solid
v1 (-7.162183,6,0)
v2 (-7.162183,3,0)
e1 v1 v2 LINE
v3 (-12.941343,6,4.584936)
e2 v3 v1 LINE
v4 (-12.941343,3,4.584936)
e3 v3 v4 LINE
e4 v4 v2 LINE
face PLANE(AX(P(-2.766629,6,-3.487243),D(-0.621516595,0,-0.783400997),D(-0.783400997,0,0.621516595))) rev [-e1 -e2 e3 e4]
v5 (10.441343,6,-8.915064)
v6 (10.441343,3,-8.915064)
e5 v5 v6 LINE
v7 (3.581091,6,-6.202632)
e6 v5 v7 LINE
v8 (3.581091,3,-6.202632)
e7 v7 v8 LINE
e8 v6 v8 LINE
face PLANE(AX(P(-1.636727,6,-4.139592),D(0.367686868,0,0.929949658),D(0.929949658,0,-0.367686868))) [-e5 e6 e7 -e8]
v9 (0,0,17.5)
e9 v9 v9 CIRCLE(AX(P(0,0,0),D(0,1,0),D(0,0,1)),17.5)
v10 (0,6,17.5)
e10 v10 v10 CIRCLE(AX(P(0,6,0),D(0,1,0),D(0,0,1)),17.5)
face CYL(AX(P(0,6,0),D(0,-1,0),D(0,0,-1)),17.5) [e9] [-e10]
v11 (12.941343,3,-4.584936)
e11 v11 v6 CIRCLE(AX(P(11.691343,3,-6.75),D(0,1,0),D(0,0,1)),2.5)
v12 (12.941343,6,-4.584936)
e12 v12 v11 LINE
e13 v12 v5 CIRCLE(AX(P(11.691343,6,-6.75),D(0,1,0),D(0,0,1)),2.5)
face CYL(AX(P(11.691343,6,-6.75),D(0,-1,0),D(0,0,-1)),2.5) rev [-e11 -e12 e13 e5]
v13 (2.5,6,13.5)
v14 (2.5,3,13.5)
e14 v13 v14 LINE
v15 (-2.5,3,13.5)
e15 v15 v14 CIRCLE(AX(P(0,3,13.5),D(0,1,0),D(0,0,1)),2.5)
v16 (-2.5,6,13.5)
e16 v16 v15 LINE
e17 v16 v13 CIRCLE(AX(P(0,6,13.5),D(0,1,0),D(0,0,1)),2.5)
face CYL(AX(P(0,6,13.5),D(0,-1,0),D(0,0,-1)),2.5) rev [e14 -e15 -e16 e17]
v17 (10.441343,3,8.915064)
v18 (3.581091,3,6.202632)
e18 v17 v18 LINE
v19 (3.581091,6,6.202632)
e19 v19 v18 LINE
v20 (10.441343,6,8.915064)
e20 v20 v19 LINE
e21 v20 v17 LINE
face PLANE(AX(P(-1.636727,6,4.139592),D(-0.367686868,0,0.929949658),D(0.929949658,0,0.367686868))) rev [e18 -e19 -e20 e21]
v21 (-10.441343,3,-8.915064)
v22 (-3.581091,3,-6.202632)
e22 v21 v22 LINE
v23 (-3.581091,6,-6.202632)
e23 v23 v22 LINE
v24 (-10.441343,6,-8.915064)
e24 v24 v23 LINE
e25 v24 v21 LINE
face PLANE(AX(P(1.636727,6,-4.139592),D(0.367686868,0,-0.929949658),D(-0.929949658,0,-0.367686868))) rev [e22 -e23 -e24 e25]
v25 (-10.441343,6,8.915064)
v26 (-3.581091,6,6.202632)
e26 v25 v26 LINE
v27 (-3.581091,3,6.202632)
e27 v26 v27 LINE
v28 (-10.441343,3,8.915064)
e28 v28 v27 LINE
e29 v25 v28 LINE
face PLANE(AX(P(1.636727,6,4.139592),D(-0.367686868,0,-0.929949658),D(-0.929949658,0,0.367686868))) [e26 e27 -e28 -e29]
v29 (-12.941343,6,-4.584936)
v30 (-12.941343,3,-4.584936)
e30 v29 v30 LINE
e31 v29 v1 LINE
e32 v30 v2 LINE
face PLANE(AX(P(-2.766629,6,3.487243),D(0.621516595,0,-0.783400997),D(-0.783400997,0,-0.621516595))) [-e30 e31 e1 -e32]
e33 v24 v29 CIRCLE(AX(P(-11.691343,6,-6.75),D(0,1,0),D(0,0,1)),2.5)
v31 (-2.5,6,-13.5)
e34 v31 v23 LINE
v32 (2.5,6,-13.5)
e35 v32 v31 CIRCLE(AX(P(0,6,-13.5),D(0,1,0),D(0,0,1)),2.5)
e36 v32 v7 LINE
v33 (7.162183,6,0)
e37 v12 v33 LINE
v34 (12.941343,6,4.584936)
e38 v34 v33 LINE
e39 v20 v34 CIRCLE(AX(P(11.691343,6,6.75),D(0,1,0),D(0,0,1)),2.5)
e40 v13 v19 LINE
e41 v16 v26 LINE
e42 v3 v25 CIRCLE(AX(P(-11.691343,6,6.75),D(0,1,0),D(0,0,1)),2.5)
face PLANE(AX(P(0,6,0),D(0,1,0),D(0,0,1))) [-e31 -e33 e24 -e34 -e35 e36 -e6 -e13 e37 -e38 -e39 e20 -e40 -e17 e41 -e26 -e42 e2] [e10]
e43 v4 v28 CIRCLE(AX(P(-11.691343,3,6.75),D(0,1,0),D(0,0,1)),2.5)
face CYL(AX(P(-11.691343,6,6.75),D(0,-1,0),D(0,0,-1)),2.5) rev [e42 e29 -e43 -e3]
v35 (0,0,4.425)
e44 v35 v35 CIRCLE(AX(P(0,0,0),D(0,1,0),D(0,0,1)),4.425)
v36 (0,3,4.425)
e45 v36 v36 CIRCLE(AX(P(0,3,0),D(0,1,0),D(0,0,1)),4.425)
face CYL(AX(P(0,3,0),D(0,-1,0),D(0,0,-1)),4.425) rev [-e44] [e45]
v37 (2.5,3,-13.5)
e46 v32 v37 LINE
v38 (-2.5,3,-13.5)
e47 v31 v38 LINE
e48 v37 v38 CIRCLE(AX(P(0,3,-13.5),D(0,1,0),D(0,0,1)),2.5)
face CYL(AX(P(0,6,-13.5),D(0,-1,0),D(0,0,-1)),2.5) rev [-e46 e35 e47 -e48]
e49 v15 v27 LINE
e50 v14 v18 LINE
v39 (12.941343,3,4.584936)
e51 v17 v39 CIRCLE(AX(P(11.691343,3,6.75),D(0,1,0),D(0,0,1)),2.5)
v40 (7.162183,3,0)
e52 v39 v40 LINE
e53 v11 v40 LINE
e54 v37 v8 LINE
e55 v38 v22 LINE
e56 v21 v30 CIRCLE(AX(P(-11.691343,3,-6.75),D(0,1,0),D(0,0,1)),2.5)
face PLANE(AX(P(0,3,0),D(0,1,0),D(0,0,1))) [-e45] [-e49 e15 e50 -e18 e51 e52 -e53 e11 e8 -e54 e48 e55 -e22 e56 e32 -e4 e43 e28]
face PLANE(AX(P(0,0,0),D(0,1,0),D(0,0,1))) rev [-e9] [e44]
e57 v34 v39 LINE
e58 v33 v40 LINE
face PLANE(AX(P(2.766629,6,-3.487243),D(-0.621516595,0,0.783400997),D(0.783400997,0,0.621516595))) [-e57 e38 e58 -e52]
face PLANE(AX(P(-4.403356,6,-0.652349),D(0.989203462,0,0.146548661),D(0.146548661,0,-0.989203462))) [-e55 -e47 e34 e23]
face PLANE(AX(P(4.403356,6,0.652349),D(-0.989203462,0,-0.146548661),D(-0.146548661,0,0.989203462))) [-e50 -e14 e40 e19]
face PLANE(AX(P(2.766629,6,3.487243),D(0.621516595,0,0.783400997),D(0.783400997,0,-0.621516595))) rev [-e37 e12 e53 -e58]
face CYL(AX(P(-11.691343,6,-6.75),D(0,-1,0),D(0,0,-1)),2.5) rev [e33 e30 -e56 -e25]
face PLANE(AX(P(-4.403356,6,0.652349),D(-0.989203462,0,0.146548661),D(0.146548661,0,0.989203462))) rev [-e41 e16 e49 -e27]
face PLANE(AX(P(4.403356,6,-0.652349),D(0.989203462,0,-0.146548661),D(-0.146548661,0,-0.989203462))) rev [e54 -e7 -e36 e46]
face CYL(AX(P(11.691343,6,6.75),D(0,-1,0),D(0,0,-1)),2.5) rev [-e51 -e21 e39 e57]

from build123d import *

# Parameters (mm, degrees)
SKETCH1_R           = 17.5
BOSS_EXTRUDE3_DEPTH = 6
SKETCH1_11_R        = 4.425
BOSS_EXTRUDE5_DEPTH = 3


with BuildPart() as part:
    # Sketch1 → Boss-Extrude3 (new body)
    with BuildSketch(Plane(origin=(0, 0, 0), x_dir=(1, 0, 0), z_dir=(0, 1, 0))):
        Circle(SKETCH1_R)
        with BuildLine():
            ThreePointArc((-2.5, 13.5), (-1.767766953, 15.267766953), (0, 16))
            ThreePointArc((0, 16), (1.767766953, 15.267766953), (2.5, 13.5))
            Line((2.5, 13.5), (3.581091494, 6.202632414))
            Line((3.581091494, 6.202632414), (10.441342951, 8.915063509))
            ThreePointArc((10.441342951, 8.915063509), (12.338390564, 9.164814566), (13.856406461, 8))
            ThreePointArc((13.856406461, 8), (14.106157517, 7.397047613), (14.191342951, 6.75))
            ThreePointArc((14.191342951, 6.75), (13.856406461, 5.5), (12.941342951, 4.584936491))
            Line((12.941342951, 4.584936491), (7.162182988, 0))
            Line((7.162182988, 0), (12.941342951, -4.584936491))
            ThreePointArc((12.941342951, -4.584936491), (13.856406461, -5.5), (14.191342951, -6.75))
            ThreePointArc((14.191342951, -6.75), (14.106157517, -7.397047613), (13.856406461, -8))
            ThreePointArc((13.856406461, -8), (12.338390564, -9.164814566), (10.441342951, -8.915063509))
            Line((10.441342951, -8.915063509), (3.581091494, -6.202632414))
            Line((3.581091494, -6.202632414), (2.5, -13.5))
            ThreePointArc((2.5, -13.5), (1.767766953, -15.267766953), (0, -16))
            ThreePointArc((0, -16), (-1.767766953, -15.267766953), (-2.5, -13.5))
            Line((-2.5, -13.5), (-3.581091494, -6.202632414))
            Line((-3.581091494, -6.202632414), (-10.441342951, -8.915063509))
            ThreePointArc((-10.441342951, -8.915063509), (-12.338390564, -9.164814566), (-13.856406461, -8))
            ThreePointArc((-13.856406461, -8), (-14.106157517, -6.102952387), (-12.941342951, -4.584936491))
            Line((-12.941342951, -4.584936491), (-7.162182988, 0))
            Line((-7.162182988, 0), (-12.941342951, 4.584936491))
            ThreePointArc((-12.941342951, 4.584936491), (-14.106157517, 6.102952387), (-13.856406461, 8))
            ThreePointArc((-13.856406461, 8), (-12.338390564, 9.164814566), (-10.441342951, 8.915063509))
            Line((-10.441342951, 8.915063509), (-3.581091494, 6.202632414))
            Line((-3.581091494, 6.202632414), (-2.5, 13.5))
        make_face(mode=Mode.SUBTRACT)
    extrude(amount=BOSS_EXTRUDE3_DEPTH)

    # Sketch1<11> → Boss-Extrude5 (add)
    with BuildSketch(Plane(origin=(0, 0, 0), x_dir=(1, 0, 0), z_dir=(0, 1, 0))):
        with BuildLine():
            Line((-2.5, 13.5), (-3.581091494, 6.202632414))
            Line((-3.581091494, 6.202632414), (-10.441342951, 8.915063509))
            ThreePointArc((-10.441342951, 8.915063509), (-13.856406461, 8), (-12.941342951, 4.584936491))
            Line((-12.941342951, 4.584936491), (-7.162182988, 0))
            Line((-7.162182988, 0), (-12.941342951, -4.584936491))
            ThreePointArc((-12.941342951, -4.584936491), (-13.856406461, -8), (-10.441342951, -8.915063509))
            Line((-10.441342951, -8.915063509), (-3.581091494, -6.202632414))
            Line((-3.581091494, -6.202632414), (-2.5, -13.5))
            ThreePointArc((-2.5, -13.5), (0, -16), (2.5, -13.5))
            Line((2.5, -13.5), (3.581091494, -6.202632414))
            Line((3.581091494, -6.202632414), (10.441342951, -8.915063509))
            ThreePointArc((10.441342951, -8.915063509), (13.856406461, -8), (12.941342951, -4.584936491))
            Line((12.941342951, -4.584936491), (7.162182988, 0))
            Line((7.162182988, 0), (12.941342951, 4.584936491))
            ThreePointArc((12.941342951, 4.584936491), (13.856406461, 8), (10.441342951, 8.915063509))
            Line((10.441342951, 8.915063509), (3.581091494, 6.202632414))
            Line((3.581091494, 6.202632414), (2.5, 13.5))
            ThreePointArc((2.5, 13.5), (0, 16), (-2.5, 13.5))
        make_face()
        Circle(SKETCH1_11_R, mode=Mode.SUBTRACT)
    extrude(amount=BOSS_EXTRUDE5_DEPTH)


solid = part.part
